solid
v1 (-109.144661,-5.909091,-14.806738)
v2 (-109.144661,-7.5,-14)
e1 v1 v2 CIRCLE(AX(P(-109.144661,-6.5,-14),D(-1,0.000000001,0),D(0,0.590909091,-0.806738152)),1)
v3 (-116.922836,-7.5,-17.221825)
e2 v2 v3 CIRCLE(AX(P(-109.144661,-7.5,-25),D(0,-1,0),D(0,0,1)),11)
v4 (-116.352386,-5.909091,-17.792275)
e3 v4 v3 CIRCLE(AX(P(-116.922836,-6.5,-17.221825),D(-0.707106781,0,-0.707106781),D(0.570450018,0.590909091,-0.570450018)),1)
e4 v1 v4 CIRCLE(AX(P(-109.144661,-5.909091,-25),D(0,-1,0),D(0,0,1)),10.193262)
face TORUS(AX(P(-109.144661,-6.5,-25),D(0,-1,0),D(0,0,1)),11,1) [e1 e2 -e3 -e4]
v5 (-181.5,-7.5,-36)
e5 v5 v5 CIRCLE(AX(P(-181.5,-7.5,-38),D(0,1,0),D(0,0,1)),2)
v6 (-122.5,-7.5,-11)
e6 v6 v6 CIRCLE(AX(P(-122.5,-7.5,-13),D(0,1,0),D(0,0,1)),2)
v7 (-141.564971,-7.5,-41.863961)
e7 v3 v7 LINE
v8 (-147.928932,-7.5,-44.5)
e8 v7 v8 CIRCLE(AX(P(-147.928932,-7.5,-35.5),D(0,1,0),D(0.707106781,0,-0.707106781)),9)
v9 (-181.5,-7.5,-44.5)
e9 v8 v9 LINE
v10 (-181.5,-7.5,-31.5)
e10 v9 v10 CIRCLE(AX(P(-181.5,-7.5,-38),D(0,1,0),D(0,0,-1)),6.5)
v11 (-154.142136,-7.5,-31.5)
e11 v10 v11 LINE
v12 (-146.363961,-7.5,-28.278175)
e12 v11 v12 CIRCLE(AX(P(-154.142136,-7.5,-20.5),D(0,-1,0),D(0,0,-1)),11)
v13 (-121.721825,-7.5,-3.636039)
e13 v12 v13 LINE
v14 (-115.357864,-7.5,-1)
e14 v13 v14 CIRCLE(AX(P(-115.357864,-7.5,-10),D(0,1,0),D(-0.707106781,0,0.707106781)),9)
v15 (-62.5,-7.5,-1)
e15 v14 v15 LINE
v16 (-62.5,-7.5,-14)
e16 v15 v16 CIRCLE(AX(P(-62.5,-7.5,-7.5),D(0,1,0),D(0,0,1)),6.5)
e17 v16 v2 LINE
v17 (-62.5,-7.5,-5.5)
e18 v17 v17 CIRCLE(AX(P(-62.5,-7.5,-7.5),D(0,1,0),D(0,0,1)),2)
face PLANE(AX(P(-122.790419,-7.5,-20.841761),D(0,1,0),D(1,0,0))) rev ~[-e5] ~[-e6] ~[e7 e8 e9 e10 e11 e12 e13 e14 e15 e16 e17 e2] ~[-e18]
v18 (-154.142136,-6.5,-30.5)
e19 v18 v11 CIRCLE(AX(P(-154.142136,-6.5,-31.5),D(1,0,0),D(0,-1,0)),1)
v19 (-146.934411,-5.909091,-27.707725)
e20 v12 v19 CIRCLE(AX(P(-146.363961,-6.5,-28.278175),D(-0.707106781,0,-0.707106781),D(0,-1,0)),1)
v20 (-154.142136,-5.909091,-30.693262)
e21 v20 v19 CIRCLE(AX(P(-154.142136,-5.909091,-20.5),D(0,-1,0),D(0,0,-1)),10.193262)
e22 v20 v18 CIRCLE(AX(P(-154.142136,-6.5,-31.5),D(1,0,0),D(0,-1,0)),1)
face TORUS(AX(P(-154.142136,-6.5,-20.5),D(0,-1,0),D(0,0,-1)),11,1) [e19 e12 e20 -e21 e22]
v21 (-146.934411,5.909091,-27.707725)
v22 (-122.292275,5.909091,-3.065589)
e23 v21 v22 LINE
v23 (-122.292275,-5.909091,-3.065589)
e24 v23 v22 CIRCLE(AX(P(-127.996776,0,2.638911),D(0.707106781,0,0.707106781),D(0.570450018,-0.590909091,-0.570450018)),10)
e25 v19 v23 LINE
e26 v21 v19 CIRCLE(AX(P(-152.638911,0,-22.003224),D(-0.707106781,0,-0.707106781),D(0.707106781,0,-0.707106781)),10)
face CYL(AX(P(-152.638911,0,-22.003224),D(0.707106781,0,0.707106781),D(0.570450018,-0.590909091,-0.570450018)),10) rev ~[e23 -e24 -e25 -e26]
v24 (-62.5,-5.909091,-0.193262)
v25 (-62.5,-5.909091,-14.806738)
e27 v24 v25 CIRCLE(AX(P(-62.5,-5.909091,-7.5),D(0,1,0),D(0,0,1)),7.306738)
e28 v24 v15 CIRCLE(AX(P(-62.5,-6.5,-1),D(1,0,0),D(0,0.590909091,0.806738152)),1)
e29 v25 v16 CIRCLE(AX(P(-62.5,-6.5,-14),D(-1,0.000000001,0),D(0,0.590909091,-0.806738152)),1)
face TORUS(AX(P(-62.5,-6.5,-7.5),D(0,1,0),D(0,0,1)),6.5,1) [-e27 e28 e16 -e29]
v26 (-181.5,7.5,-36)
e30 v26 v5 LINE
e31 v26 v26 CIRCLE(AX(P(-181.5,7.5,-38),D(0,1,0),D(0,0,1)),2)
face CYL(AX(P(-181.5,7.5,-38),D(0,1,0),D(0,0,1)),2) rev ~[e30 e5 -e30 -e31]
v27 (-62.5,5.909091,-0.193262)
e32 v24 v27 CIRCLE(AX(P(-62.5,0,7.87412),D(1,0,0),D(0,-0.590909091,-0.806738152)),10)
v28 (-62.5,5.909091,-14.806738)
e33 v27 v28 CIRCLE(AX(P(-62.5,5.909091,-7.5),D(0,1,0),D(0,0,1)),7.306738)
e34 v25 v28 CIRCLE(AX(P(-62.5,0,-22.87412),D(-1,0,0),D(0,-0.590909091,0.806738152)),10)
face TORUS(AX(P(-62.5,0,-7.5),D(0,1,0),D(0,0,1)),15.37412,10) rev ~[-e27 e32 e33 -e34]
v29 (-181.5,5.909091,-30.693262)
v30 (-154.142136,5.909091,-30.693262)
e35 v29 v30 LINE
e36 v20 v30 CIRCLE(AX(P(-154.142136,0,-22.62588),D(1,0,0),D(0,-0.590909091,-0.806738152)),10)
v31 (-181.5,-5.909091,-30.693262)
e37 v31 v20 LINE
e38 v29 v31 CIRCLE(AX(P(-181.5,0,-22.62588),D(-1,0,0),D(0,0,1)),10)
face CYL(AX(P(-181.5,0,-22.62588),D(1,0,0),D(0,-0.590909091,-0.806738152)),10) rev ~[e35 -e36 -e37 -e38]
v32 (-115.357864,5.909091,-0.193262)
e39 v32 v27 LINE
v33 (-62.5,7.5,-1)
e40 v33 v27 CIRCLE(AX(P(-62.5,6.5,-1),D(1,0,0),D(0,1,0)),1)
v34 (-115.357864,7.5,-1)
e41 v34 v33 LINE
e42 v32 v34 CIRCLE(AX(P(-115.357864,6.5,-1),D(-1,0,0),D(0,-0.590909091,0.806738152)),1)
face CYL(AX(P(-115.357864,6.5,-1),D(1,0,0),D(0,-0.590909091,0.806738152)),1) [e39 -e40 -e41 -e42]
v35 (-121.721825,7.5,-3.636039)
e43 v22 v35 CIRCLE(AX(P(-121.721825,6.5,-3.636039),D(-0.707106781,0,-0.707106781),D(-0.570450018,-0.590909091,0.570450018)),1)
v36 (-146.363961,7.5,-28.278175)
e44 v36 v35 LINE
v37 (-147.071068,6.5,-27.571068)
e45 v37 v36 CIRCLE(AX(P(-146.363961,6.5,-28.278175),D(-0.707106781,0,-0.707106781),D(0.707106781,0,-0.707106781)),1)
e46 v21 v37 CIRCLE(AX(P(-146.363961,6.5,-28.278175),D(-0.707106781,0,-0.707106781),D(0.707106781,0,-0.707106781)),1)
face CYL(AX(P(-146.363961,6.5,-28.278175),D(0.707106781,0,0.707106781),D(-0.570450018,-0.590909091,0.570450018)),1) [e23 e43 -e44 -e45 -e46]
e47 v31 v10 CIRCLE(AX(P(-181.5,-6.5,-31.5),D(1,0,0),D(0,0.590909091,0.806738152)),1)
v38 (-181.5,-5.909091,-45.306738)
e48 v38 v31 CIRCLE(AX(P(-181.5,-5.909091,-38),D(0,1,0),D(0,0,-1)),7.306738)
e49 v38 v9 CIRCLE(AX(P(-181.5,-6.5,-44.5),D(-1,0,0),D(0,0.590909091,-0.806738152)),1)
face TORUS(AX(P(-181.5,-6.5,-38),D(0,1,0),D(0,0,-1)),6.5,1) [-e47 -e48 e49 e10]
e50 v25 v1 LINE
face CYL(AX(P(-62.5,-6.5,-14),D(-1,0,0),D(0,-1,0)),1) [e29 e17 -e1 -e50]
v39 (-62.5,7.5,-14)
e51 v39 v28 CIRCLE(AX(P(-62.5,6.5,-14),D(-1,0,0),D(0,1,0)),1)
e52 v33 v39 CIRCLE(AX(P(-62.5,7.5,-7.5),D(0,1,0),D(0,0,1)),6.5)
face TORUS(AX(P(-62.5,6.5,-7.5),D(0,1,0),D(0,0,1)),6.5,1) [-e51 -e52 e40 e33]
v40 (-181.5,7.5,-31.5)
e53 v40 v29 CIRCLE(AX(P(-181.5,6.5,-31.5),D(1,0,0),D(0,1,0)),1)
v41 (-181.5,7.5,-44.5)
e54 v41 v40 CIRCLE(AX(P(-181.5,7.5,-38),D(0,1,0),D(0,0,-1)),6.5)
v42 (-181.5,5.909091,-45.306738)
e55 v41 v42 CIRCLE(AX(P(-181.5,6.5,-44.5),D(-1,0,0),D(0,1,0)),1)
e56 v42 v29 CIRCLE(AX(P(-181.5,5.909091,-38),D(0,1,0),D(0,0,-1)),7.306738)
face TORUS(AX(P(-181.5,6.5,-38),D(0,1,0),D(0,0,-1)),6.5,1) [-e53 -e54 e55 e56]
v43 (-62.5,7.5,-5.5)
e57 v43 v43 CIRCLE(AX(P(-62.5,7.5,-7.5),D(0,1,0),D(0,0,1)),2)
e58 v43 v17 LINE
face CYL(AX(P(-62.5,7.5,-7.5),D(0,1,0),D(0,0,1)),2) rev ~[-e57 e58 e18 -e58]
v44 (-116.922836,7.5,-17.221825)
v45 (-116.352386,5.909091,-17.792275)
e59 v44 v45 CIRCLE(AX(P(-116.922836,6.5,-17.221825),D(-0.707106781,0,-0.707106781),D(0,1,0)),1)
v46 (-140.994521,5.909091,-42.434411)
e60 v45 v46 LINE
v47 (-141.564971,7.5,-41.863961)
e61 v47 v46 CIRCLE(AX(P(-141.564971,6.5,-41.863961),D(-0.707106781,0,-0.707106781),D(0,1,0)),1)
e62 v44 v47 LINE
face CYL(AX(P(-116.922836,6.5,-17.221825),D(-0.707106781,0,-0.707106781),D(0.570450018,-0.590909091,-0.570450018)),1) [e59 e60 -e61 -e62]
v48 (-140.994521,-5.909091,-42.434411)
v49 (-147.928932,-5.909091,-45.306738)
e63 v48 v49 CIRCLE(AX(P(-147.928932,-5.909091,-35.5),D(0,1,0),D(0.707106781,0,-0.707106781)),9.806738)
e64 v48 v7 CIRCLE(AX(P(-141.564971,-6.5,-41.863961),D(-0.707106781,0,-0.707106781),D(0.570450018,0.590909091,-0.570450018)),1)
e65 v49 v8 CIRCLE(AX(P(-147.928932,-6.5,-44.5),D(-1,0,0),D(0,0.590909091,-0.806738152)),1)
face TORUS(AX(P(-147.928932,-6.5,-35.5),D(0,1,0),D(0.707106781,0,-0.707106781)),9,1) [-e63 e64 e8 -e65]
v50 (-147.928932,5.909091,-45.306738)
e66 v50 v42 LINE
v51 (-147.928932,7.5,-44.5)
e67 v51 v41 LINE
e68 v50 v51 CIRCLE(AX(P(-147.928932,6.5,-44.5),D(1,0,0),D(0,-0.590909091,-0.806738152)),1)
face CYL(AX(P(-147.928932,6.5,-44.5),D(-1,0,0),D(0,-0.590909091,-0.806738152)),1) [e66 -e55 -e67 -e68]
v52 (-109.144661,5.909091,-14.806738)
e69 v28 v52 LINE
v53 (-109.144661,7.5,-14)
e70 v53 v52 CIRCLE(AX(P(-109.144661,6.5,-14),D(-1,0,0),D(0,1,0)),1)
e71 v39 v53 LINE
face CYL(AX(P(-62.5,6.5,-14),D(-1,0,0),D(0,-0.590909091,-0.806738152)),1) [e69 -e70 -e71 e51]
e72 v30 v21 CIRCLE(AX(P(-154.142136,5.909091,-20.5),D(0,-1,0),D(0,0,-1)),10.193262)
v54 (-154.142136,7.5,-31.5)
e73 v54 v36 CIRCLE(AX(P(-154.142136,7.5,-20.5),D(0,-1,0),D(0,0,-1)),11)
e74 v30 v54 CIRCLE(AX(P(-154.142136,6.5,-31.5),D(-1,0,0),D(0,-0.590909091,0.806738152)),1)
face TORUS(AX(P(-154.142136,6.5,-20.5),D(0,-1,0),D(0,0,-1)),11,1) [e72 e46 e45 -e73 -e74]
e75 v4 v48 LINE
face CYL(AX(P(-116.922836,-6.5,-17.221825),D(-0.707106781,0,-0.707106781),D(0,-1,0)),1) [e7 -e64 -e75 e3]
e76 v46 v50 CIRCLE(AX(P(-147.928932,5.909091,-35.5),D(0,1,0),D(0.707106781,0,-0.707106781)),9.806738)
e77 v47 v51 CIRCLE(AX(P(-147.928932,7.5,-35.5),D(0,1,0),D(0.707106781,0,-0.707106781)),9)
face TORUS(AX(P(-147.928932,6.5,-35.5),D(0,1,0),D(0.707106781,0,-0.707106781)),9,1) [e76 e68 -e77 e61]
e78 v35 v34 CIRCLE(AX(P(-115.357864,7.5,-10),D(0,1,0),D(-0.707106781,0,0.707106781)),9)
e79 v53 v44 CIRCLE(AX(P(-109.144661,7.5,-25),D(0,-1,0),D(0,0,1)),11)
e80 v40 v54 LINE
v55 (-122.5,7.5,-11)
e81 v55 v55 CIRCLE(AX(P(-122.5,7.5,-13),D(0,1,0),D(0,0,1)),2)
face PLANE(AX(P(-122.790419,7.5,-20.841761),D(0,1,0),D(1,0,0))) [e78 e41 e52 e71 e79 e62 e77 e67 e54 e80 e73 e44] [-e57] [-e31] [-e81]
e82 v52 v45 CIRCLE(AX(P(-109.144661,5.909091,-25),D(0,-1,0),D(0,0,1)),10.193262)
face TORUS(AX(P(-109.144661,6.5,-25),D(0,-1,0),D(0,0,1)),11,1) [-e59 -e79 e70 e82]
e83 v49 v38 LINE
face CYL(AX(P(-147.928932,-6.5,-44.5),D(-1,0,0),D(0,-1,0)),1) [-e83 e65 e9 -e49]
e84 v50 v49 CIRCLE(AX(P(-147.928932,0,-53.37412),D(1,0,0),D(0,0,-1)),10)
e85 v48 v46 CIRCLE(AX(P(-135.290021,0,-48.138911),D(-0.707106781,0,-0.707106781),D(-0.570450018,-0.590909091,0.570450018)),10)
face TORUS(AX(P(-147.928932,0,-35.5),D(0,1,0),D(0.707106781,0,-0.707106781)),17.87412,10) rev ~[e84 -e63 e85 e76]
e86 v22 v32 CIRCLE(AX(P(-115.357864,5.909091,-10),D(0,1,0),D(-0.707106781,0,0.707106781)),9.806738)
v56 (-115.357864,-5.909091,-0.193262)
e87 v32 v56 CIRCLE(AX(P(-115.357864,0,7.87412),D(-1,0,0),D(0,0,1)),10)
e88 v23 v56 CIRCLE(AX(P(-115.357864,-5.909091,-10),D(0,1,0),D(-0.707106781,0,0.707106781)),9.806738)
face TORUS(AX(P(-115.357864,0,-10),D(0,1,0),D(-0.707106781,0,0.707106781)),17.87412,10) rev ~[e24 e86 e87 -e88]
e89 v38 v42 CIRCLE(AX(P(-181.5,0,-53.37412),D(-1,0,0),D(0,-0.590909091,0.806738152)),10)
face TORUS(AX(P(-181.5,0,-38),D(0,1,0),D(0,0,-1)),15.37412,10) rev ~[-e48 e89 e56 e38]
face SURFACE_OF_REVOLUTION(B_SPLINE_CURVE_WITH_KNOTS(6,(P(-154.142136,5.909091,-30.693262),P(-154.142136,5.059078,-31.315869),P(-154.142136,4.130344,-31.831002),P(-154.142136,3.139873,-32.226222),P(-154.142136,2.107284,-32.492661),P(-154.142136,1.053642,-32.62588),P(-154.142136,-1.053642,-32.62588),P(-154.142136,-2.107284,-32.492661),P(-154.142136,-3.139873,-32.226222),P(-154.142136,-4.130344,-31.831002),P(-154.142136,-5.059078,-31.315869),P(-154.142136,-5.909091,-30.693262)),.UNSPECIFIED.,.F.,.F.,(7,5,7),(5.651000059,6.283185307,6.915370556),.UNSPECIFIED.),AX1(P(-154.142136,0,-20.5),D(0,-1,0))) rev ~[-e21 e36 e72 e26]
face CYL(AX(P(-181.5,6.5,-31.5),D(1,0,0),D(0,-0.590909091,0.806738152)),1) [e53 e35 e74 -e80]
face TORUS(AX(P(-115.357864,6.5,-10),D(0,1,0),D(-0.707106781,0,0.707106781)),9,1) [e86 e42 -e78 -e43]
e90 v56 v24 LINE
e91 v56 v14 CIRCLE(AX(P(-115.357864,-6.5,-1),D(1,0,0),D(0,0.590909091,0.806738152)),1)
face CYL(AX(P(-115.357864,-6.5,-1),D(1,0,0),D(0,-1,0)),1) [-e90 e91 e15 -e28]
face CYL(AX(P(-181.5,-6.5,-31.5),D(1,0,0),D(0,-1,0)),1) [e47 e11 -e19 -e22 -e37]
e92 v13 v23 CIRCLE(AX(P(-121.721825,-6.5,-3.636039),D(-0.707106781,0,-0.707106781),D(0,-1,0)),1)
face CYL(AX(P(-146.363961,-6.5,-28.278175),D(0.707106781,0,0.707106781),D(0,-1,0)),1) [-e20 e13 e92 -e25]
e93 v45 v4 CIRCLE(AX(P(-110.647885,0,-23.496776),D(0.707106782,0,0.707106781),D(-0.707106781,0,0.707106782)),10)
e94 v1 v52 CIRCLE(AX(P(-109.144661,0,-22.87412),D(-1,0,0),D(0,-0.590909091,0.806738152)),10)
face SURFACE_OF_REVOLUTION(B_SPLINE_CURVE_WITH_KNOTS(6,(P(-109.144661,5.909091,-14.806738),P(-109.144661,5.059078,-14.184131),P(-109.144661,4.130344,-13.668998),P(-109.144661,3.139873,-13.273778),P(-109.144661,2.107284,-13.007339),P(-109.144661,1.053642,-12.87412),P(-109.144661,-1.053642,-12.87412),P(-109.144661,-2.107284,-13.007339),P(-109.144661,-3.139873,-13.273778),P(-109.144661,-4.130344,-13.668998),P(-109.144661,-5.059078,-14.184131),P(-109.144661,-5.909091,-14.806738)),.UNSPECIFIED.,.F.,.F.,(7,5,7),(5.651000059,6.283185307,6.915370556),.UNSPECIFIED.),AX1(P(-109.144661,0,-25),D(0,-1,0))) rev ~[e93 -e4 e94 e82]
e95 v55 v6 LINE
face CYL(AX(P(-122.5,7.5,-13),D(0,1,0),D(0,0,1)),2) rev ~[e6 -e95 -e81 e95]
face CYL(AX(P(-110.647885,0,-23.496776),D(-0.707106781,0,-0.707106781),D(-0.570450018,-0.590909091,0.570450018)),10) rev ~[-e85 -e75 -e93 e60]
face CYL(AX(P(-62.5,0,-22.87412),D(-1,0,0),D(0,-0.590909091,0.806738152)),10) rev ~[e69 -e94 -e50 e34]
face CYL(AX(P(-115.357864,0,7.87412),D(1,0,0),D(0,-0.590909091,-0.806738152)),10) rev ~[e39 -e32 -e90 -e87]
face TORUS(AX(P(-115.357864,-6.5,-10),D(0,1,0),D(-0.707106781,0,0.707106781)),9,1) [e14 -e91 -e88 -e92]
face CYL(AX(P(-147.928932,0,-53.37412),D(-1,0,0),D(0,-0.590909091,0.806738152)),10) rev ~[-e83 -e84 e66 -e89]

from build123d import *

# Parameters (mm, degrees)
EXTRUDE_1_DEPTH     = 7.5
SKETCH_2_R          = 2
CUT_EXTRUDE_1_DEPTH = 195.977562812
FILLET_1_R          = 10


with BuildPart() as part:
    # 草图1 → 凸台-拉伸1 (new, symmetric)
    with BuildSketch(Plane(origin=(0, 0, 0), x_dir=(1, 0, 0), z_dir=(0, 1, 0))):
        with BuildLine():
            Line((-181.5, 30.5), (-150, 30.5))
            Line((-150, 30.5), (-119.5, 0))
            Line((-119.5, 0), (-62.5, 0))
            ThreePointArc((-62.5, 0), (-55, 7.5), (-62.5, 15))
            Line((-62.5, 15), (-113.286796564, 15))
            Line((-113.286796564, 15), (-143.786796564, 45.5))
            Line((-143.786796564, 45.5), (-181.5, 45.5))
            ThreePointArc((-181.5, 45.5), (-189, 38), (-181.5, 30.5))
        make_face()
    extrude(amount=EXTRUDE_1_DEPTH, both=True)

    # 草图2 → 切除-拉伸1 (cut, through all)
    with BuildSketch(Plane(origin=(0, 7.5, 0), x_dir=(1, 0, 0), z_dir=(0, 1, 0))):
        with Locations(Location((-62.5, 7.5, 0), (0, 0, 270))):
            Circle(SKETCH_2_R)
        with Locations(Location((-181.5, 38, 0), (0, 0, 270))):
            Circle(SKETCH_2_R)
        with Locations(Location((-122.5, 13, 0), (0, 0, 270))):
            Circle(SKETCH_2_R)
    extrude(amount=-CUT_EXTRUDE_1_DEPTH, mode=Mode.SUBTRACT)

    # 圆角1
    fillet_1_edges = [part.edges().sort_by_distance(p)[0] for p in [
        (-143.786796564, 0, -45.5),
        (-113.286796564, 0, -15),
        (-119.5, 0, 0),
        (-150, 0, -30.5),
    ]]
    fillet(fillet_1_edges, radius=FILLET_1_R)

    # 切除-扫描1: sweep along a path in 草图4
    with BuildLine(Plane(origin=(0, 7.5, 0), x_dir=(1, 0, 0), z_dir=(0, 1, 0))) as sweep_1_path:
        Line((-62.5, 15), (-109.144660941, 15))
        ThreePointArc((-109.144660941, 15), (-112.971495264, 15.761204675), (-116.215728753, 17.928932188))
        Line((-116.215728753, 17.928932188), (-140.857864376, 42.571067812))
        ThreePointArc((-140.857864376, 42.571067812), (-144.102097864, 44.738795325), (-147.928932188, 45.5))
        Line((-147.928932188, 45.5), (-181.5, 45.5))
        ThreePointArc((-181.5, 45.5), (-189, 38), (-181.5, 30.5))
        Line((-181.5, 30.5), (-154.142135624, 30.5))
        ThreePointArc((-154.142135624, 30.5), (-150.3153013, 29.738795325), (-147.071067812, 27.571067812))
        Line((-147.071067812, 27.571067812), (-122.428932188, 2.928932188))
        ThreePointArc((-122.428932188, 2.928932188), (-119.1846987, 0.761204675), (-115.357864376, 0))
        Line((-115.357864376, 0), (-62.5, 0))
        ThreePointArc((-62.5, 0), (-55, 7.5), (-62.5, 15))
    # 草图5 → 切除-扫描1 (sweep, cut)
    with BuildSketch(Plane(origin=(-62.5, 0, 0), x_dir=(0, 0, -1), z_dir=(1, 0, 0))):
        with BuildLine():
            Line((1, 7.5), (-4, 7.5))
            Line((-4, 7.5), (-4, -7.5))
            Line((-4, -7.5), (1, -7.5))
            ThreePointArc((1, -7.5), (0.108117415, -6.952267017), (0.193261848, -5.909090909))
            ThreePointArc((0.193261848, -5.909090909), (2.125880325, 0), (0.193261848, 5.909090909))
            ThreePointArc((0.193261848, 5.909090909), (0.108117415, 6.952267017), (1, 7.5))
        make_face()
    sweep(path=sweep_1_path.line, mode=Mode.SUBTRACT)


solid = part.part
